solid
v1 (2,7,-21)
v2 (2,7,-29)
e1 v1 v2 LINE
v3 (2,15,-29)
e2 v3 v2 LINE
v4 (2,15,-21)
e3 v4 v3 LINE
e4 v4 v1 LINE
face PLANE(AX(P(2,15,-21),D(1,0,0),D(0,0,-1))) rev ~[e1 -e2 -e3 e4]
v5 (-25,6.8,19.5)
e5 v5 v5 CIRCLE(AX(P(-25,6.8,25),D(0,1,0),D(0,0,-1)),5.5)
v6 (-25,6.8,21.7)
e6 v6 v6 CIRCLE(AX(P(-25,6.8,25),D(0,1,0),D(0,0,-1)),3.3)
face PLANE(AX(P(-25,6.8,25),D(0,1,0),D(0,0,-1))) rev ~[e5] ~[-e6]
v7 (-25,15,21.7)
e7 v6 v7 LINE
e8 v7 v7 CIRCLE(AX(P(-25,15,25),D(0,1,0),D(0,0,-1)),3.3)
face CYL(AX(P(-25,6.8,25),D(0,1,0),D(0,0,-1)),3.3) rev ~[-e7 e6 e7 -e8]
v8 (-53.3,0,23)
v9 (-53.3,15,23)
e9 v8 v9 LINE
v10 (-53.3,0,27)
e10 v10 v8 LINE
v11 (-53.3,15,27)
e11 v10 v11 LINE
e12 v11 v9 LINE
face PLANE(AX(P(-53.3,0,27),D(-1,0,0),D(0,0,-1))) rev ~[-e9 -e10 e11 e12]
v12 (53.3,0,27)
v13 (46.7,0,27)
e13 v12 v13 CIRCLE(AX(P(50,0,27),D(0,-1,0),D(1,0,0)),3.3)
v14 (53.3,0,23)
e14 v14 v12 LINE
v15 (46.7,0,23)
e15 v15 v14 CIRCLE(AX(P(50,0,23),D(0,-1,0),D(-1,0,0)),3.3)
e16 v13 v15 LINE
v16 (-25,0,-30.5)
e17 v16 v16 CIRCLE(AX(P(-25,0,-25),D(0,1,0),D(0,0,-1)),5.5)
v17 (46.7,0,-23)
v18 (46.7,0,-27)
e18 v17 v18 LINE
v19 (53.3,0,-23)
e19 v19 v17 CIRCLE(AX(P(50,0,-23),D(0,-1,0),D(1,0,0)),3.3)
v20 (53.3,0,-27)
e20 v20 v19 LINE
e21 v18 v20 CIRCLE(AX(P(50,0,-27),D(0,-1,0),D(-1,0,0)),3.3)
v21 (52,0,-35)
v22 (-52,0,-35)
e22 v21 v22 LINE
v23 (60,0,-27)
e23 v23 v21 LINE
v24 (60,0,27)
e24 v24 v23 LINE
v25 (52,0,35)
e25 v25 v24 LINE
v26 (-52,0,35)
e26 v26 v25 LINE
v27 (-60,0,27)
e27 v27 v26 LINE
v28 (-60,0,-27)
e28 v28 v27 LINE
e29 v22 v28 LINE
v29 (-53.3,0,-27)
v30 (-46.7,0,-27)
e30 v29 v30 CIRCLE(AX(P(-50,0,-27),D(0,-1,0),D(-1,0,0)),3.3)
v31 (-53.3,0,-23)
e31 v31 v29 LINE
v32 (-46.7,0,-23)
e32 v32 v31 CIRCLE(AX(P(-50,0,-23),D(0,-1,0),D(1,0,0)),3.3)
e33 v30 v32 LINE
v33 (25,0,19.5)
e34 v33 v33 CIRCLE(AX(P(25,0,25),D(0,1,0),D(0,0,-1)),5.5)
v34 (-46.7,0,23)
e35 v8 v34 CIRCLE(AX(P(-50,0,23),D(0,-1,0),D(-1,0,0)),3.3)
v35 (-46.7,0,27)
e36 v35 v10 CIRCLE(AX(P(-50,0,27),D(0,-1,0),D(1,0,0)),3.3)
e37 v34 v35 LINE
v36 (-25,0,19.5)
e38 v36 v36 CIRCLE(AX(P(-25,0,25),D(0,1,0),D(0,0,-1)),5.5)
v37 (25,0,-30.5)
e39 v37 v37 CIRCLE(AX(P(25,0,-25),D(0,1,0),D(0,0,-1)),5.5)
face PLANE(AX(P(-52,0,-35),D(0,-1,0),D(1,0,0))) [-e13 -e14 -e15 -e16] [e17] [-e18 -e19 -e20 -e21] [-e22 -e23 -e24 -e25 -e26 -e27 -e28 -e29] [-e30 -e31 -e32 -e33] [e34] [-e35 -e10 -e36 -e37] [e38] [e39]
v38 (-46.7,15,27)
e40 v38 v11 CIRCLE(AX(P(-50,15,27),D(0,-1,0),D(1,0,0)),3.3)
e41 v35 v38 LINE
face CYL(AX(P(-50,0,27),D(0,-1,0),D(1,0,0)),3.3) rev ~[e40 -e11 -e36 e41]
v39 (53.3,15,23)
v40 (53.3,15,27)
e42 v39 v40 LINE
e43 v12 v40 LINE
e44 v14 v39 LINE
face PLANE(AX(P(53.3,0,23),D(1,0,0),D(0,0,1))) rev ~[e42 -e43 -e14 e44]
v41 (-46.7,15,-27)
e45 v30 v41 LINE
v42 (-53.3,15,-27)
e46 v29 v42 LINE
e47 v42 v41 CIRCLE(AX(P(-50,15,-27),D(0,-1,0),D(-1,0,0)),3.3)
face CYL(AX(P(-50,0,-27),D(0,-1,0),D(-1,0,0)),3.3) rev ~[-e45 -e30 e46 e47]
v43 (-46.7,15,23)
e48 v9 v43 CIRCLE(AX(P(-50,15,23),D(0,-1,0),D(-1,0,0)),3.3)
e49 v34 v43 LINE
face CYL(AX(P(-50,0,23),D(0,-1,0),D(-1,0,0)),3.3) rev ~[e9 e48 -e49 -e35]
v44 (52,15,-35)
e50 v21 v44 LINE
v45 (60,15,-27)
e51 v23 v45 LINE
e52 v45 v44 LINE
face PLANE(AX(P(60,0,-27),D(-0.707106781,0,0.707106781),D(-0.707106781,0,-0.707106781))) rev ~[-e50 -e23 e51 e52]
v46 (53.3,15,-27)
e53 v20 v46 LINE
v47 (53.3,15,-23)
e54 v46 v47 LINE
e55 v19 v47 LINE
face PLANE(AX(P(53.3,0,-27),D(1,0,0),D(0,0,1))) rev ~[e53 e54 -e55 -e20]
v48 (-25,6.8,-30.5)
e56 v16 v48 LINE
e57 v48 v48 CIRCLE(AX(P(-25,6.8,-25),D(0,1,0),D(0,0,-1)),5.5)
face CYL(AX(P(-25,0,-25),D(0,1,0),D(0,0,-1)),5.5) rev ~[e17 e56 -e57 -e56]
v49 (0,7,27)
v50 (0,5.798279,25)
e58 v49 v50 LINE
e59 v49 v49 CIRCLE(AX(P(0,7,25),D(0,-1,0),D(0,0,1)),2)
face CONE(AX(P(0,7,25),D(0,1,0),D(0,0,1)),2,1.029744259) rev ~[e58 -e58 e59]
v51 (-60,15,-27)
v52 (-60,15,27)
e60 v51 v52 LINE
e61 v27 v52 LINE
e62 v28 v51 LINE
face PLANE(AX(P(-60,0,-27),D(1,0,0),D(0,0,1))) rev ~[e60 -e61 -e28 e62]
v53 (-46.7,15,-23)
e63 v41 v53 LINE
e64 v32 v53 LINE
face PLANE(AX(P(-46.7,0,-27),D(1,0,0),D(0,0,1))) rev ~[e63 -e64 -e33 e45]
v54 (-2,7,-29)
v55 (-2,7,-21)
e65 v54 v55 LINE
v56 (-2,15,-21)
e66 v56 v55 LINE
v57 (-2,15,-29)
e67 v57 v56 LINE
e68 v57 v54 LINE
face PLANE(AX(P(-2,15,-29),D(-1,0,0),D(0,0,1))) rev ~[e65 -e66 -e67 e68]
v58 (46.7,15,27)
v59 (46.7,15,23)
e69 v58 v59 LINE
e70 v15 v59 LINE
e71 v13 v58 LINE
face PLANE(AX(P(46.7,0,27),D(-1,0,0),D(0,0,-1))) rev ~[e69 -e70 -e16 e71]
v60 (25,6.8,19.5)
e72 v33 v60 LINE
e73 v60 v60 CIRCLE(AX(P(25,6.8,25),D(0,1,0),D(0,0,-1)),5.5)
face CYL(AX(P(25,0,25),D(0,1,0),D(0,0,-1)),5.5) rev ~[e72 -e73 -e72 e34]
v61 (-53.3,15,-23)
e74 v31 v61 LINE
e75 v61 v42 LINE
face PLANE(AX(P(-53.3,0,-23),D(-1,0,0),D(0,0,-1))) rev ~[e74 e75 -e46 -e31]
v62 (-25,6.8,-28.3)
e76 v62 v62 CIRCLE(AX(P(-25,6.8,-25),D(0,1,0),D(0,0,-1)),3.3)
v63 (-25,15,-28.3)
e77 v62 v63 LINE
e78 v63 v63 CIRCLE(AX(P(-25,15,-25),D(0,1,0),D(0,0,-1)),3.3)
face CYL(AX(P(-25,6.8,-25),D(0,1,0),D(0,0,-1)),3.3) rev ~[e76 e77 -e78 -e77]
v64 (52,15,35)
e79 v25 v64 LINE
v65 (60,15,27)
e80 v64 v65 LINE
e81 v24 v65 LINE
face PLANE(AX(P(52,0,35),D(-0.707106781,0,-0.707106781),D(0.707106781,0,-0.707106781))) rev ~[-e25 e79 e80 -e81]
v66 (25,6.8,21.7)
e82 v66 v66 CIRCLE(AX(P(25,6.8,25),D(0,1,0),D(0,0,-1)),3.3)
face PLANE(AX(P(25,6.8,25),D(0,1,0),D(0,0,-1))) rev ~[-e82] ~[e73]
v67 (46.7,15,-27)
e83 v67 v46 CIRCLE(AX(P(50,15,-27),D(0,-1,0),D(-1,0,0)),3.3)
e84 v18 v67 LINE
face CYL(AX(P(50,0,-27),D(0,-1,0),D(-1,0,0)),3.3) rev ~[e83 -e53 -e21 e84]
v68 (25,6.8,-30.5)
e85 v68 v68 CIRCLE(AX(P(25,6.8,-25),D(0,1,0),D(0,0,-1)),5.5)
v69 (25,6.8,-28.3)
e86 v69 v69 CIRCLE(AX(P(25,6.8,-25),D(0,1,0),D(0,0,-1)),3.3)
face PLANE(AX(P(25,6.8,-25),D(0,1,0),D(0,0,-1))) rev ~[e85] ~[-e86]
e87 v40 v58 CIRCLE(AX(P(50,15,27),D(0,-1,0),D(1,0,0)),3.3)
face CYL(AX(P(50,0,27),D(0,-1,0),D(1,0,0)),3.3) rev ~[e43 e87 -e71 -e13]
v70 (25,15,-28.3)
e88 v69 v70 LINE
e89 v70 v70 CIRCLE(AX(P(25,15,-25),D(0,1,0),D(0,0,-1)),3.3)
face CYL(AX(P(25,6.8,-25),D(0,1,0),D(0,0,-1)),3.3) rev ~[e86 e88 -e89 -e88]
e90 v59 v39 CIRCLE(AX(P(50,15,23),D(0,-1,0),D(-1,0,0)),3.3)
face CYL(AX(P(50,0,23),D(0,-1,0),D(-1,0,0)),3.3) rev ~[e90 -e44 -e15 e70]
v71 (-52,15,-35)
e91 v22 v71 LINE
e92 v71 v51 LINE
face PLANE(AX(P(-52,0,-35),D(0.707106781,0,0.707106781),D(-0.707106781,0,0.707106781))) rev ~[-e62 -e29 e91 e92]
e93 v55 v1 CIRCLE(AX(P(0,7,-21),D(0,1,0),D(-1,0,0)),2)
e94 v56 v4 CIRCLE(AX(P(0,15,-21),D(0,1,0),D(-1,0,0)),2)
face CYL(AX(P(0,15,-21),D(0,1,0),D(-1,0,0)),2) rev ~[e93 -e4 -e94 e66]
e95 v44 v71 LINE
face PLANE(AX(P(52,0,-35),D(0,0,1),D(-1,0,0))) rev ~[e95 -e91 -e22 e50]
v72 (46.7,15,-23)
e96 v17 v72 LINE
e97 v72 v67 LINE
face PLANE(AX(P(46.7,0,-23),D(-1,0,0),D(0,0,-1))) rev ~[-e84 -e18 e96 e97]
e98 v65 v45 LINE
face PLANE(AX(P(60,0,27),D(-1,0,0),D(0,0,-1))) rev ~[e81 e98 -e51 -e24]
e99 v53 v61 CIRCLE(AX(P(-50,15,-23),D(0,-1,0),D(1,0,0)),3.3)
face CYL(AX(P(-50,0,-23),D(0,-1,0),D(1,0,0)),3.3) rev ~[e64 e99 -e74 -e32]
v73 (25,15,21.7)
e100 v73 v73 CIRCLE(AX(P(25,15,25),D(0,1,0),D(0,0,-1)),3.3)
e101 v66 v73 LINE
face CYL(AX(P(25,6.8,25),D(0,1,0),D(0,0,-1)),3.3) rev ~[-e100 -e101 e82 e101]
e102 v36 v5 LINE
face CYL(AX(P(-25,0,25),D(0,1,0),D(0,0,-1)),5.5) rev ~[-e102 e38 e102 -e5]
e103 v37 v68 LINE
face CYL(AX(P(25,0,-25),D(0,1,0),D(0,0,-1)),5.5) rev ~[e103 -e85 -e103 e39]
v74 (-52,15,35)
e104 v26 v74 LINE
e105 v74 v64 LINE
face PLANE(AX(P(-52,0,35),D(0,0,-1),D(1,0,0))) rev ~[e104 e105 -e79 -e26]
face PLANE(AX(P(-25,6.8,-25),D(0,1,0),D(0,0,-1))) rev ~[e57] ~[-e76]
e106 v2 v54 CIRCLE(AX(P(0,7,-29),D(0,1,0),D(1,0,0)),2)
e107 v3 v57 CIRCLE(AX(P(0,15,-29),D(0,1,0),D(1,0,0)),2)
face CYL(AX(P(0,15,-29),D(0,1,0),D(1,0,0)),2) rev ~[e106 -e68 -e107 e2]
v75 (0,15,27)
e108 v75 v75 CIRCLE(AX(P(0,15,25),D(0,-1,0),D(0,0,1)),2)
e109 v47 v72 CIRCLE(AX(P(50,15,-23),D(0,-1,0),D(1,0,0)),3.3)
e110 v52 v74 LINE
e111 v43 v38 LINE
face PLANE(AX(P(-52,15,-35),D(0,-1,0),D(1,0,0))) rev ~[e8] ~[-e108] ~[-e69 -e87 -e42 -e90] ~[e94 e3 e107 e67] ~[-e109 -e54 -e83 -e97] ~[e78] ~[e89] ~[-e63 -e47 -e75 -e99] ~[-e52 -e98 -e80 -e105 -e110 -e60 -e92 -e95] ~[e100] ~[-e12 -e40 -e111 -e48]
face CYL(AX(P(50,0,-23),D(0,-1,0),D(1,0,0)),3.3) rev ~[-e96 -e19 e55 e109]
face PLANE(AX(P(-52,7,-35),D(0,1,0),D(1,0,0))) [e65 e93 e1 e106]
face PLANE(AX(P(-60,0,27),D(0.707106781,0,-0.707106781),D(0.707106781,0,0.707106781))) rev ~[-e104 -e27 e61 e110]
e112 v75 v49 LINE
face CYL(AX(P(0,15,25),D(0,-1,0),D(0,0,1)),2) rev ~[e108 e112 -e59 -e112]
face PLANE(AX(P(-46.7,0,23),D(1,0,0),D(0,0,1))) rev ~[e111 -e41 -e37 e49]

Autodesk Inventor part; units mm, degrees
ref_plane "YZ Plane" through (0, 0, 0) normal (1, 0, 0) x (0, 1, 0)
ref_plane "XZ Plane" through (0, 0, 0) normal (0, 1, 0) x (-1, 0, 0)
ref_plane "XY Plane" through (0, 0, 0) normal (0, 0, 1) x (1, 0, 0)
sketch "Sketch1" plane through (-52, 0, -35) normal (0, -1, 0) x (1, 0, 0)
  line L0 (0, 70) -> (104, 70) projected
  line L1 (104, 70) -> (112, 62) projected
  line L2 (112, 62) -> (112, 8) projected
  line L3 (112, 8) -> (104, 0) projected
  line L4 (104, 0) -> (0, 0) projected
  line L5 (0, 0) -> (-8, 8) projected
  line L6 (-8, 8) -> (-8, 62) projected
  line L7 (-8, 62) -> (0, 70) projected
  circle A0 centre (27, 10) radius 5.5 projected
  circle A1 centre (27, 60) radius 5.5 projected
  circle A2 centre (77, 60) radius 5.5 projected
  circle A3 centre (77, 10) radius 5.5 projected
  circle A4 centre (52, 60) radius 2 projected
  arc A5 (50, 6) -> (54, 6) centre (52, 6) ccw projected
  line L8 (54, 6) -> (54, 14) projected
  arc A6 (54, 14) -> (50, 14) centre (52, 14) ccw projected
  line L9 (50, 14) -> (50, 6) projected
  circle A7 centre (77, 35) radius 2 projected
  arc A8 (23, 37) -> (23, 33) centre (23, 35) ccw projected
  line L10 (23, 33) -> (31, 33) projected
  arc A9 (31, 33) -> (31, 37) centre (31, 35) ccw projected
  line L11 (31, 37) -> (23, 37) projected
  arc A10 (66.5, 62.5) -> (62.5, 62.5) centre (64.5, 62.5) ccw projected
  line L12 (62.5, 62.5) -> (62.5, 7.5) projected
  arc A11 (62.5, 7.5) -> (66.5, 7.5) centre (64.5, 7.5) ccw projected
  line L13 (66.5, 7.5) -> (66.5, 62.5) projected
  arc A12 (105.3, 62) -> (98.7, 62) centre (102, 62) ccw projected
  line L14 (98.7, 62) -> (98.7, 58) projected
  arc A13 (98.7, 58) -> (105.3, 58) centre (102, 58) ccw projected
  line L15 (105.3, 58) -> (105.3, 62) projected
  arc A14 (5.3, 62) -> (-1.3, 62) centre (2, 62) ccw projected
  line L16 (-1.3, 62) -> (-1.3, 58) projected
  arc A15 (-1.3, 58) -> (5.3, 58) centre (2, 58) ccw projected
  line L17 (5.3, 58) -> (5.3, 62) projected
  arc A16 (-1.3, 8) -> (5.3, 8) centre (2, 8) ccw projected
  line L18 (5.3, 8) -> (5.3, 12) projected
  arc A17 (5.3, 12) -> (-1.3, 12) centre (2, 12) ccw projected
  line L19 (-1.3, 12) -> (-1.3, 8) projected
  arc A18 (98.7, 8) -> (105.3, 8) centre (102, 8) ccw projected
  line L20 (105.3, 8) -> (105.3, 12) projected
  arc A19 (105.3, 12) -> (98.7, 12) centre (102, 12) ccw projected
  line L21 (98.7, 12) -> (98.7, 8) projected
  point P0 (52, 35)
extrude "Extrusion1" add sketch "Sketch1" against normal up to surface (15 mm away) contours L0 L1 L2 L3 L4 L5 L6 L7 | A0 | A1 | A2 | A3 | A4 | L9 A6 L8 A5 | A7 | L11 A9 L10 A8 | L13 A11 L12 A10 | L15 A13 L14 A12 | L17 A15 L16 A14 | L19 A17 L18 A16 | L21 A19 L20 A18
hole "M6CBore" at (25, 0, -25) at (-25, 0, -25) at (-25, 0, 25) at (25, 0, 25) direction (0, 1, 0) diameter 6.6 end through all counterbore diameter 11 counterbore depth 6.8 clearance for "Socket Head Cap Screw ISO 4762" size "M6" standard "ISO"
extrude "M6ClearanceSlots" cut sketch "Sketch1" against normal through all contours L15 A13 L14 A12 | L17 A15 L16 A14 | L19 A17 L18 A16 | L21 A19 L20 A18
sketch "Sketch2" plane through (-52, 15, -35) normal (0, 1, 0) x (1, 0, 0)
  line L0 (52, -14) -> (52, -6) construction
  line L1 (54, -14) -> (54, -6)
  line L2 (50, -6) -> (50, -14)
  arc A0 (50, -14) -> (54, -14) centre (52, -14) ccw
  arc A1 (54, -6) -> (50, -6) centre (52, -6) ccw
  point P0 (52, -35)
  point P1 (52, -60)
  point P2 (52, -10)
  dimension "d11" = 4
hole "Hole2" at (0, 15, 25) direction (0, -1, 0) diameter 4 depth 8 tip angle 118
extrude "Extrusion3" cut sketch "Sketch2" against normal blind 8
properties part number "FAB-P0001" material "SolidWorks Materials|6061-T6 (SS)"
